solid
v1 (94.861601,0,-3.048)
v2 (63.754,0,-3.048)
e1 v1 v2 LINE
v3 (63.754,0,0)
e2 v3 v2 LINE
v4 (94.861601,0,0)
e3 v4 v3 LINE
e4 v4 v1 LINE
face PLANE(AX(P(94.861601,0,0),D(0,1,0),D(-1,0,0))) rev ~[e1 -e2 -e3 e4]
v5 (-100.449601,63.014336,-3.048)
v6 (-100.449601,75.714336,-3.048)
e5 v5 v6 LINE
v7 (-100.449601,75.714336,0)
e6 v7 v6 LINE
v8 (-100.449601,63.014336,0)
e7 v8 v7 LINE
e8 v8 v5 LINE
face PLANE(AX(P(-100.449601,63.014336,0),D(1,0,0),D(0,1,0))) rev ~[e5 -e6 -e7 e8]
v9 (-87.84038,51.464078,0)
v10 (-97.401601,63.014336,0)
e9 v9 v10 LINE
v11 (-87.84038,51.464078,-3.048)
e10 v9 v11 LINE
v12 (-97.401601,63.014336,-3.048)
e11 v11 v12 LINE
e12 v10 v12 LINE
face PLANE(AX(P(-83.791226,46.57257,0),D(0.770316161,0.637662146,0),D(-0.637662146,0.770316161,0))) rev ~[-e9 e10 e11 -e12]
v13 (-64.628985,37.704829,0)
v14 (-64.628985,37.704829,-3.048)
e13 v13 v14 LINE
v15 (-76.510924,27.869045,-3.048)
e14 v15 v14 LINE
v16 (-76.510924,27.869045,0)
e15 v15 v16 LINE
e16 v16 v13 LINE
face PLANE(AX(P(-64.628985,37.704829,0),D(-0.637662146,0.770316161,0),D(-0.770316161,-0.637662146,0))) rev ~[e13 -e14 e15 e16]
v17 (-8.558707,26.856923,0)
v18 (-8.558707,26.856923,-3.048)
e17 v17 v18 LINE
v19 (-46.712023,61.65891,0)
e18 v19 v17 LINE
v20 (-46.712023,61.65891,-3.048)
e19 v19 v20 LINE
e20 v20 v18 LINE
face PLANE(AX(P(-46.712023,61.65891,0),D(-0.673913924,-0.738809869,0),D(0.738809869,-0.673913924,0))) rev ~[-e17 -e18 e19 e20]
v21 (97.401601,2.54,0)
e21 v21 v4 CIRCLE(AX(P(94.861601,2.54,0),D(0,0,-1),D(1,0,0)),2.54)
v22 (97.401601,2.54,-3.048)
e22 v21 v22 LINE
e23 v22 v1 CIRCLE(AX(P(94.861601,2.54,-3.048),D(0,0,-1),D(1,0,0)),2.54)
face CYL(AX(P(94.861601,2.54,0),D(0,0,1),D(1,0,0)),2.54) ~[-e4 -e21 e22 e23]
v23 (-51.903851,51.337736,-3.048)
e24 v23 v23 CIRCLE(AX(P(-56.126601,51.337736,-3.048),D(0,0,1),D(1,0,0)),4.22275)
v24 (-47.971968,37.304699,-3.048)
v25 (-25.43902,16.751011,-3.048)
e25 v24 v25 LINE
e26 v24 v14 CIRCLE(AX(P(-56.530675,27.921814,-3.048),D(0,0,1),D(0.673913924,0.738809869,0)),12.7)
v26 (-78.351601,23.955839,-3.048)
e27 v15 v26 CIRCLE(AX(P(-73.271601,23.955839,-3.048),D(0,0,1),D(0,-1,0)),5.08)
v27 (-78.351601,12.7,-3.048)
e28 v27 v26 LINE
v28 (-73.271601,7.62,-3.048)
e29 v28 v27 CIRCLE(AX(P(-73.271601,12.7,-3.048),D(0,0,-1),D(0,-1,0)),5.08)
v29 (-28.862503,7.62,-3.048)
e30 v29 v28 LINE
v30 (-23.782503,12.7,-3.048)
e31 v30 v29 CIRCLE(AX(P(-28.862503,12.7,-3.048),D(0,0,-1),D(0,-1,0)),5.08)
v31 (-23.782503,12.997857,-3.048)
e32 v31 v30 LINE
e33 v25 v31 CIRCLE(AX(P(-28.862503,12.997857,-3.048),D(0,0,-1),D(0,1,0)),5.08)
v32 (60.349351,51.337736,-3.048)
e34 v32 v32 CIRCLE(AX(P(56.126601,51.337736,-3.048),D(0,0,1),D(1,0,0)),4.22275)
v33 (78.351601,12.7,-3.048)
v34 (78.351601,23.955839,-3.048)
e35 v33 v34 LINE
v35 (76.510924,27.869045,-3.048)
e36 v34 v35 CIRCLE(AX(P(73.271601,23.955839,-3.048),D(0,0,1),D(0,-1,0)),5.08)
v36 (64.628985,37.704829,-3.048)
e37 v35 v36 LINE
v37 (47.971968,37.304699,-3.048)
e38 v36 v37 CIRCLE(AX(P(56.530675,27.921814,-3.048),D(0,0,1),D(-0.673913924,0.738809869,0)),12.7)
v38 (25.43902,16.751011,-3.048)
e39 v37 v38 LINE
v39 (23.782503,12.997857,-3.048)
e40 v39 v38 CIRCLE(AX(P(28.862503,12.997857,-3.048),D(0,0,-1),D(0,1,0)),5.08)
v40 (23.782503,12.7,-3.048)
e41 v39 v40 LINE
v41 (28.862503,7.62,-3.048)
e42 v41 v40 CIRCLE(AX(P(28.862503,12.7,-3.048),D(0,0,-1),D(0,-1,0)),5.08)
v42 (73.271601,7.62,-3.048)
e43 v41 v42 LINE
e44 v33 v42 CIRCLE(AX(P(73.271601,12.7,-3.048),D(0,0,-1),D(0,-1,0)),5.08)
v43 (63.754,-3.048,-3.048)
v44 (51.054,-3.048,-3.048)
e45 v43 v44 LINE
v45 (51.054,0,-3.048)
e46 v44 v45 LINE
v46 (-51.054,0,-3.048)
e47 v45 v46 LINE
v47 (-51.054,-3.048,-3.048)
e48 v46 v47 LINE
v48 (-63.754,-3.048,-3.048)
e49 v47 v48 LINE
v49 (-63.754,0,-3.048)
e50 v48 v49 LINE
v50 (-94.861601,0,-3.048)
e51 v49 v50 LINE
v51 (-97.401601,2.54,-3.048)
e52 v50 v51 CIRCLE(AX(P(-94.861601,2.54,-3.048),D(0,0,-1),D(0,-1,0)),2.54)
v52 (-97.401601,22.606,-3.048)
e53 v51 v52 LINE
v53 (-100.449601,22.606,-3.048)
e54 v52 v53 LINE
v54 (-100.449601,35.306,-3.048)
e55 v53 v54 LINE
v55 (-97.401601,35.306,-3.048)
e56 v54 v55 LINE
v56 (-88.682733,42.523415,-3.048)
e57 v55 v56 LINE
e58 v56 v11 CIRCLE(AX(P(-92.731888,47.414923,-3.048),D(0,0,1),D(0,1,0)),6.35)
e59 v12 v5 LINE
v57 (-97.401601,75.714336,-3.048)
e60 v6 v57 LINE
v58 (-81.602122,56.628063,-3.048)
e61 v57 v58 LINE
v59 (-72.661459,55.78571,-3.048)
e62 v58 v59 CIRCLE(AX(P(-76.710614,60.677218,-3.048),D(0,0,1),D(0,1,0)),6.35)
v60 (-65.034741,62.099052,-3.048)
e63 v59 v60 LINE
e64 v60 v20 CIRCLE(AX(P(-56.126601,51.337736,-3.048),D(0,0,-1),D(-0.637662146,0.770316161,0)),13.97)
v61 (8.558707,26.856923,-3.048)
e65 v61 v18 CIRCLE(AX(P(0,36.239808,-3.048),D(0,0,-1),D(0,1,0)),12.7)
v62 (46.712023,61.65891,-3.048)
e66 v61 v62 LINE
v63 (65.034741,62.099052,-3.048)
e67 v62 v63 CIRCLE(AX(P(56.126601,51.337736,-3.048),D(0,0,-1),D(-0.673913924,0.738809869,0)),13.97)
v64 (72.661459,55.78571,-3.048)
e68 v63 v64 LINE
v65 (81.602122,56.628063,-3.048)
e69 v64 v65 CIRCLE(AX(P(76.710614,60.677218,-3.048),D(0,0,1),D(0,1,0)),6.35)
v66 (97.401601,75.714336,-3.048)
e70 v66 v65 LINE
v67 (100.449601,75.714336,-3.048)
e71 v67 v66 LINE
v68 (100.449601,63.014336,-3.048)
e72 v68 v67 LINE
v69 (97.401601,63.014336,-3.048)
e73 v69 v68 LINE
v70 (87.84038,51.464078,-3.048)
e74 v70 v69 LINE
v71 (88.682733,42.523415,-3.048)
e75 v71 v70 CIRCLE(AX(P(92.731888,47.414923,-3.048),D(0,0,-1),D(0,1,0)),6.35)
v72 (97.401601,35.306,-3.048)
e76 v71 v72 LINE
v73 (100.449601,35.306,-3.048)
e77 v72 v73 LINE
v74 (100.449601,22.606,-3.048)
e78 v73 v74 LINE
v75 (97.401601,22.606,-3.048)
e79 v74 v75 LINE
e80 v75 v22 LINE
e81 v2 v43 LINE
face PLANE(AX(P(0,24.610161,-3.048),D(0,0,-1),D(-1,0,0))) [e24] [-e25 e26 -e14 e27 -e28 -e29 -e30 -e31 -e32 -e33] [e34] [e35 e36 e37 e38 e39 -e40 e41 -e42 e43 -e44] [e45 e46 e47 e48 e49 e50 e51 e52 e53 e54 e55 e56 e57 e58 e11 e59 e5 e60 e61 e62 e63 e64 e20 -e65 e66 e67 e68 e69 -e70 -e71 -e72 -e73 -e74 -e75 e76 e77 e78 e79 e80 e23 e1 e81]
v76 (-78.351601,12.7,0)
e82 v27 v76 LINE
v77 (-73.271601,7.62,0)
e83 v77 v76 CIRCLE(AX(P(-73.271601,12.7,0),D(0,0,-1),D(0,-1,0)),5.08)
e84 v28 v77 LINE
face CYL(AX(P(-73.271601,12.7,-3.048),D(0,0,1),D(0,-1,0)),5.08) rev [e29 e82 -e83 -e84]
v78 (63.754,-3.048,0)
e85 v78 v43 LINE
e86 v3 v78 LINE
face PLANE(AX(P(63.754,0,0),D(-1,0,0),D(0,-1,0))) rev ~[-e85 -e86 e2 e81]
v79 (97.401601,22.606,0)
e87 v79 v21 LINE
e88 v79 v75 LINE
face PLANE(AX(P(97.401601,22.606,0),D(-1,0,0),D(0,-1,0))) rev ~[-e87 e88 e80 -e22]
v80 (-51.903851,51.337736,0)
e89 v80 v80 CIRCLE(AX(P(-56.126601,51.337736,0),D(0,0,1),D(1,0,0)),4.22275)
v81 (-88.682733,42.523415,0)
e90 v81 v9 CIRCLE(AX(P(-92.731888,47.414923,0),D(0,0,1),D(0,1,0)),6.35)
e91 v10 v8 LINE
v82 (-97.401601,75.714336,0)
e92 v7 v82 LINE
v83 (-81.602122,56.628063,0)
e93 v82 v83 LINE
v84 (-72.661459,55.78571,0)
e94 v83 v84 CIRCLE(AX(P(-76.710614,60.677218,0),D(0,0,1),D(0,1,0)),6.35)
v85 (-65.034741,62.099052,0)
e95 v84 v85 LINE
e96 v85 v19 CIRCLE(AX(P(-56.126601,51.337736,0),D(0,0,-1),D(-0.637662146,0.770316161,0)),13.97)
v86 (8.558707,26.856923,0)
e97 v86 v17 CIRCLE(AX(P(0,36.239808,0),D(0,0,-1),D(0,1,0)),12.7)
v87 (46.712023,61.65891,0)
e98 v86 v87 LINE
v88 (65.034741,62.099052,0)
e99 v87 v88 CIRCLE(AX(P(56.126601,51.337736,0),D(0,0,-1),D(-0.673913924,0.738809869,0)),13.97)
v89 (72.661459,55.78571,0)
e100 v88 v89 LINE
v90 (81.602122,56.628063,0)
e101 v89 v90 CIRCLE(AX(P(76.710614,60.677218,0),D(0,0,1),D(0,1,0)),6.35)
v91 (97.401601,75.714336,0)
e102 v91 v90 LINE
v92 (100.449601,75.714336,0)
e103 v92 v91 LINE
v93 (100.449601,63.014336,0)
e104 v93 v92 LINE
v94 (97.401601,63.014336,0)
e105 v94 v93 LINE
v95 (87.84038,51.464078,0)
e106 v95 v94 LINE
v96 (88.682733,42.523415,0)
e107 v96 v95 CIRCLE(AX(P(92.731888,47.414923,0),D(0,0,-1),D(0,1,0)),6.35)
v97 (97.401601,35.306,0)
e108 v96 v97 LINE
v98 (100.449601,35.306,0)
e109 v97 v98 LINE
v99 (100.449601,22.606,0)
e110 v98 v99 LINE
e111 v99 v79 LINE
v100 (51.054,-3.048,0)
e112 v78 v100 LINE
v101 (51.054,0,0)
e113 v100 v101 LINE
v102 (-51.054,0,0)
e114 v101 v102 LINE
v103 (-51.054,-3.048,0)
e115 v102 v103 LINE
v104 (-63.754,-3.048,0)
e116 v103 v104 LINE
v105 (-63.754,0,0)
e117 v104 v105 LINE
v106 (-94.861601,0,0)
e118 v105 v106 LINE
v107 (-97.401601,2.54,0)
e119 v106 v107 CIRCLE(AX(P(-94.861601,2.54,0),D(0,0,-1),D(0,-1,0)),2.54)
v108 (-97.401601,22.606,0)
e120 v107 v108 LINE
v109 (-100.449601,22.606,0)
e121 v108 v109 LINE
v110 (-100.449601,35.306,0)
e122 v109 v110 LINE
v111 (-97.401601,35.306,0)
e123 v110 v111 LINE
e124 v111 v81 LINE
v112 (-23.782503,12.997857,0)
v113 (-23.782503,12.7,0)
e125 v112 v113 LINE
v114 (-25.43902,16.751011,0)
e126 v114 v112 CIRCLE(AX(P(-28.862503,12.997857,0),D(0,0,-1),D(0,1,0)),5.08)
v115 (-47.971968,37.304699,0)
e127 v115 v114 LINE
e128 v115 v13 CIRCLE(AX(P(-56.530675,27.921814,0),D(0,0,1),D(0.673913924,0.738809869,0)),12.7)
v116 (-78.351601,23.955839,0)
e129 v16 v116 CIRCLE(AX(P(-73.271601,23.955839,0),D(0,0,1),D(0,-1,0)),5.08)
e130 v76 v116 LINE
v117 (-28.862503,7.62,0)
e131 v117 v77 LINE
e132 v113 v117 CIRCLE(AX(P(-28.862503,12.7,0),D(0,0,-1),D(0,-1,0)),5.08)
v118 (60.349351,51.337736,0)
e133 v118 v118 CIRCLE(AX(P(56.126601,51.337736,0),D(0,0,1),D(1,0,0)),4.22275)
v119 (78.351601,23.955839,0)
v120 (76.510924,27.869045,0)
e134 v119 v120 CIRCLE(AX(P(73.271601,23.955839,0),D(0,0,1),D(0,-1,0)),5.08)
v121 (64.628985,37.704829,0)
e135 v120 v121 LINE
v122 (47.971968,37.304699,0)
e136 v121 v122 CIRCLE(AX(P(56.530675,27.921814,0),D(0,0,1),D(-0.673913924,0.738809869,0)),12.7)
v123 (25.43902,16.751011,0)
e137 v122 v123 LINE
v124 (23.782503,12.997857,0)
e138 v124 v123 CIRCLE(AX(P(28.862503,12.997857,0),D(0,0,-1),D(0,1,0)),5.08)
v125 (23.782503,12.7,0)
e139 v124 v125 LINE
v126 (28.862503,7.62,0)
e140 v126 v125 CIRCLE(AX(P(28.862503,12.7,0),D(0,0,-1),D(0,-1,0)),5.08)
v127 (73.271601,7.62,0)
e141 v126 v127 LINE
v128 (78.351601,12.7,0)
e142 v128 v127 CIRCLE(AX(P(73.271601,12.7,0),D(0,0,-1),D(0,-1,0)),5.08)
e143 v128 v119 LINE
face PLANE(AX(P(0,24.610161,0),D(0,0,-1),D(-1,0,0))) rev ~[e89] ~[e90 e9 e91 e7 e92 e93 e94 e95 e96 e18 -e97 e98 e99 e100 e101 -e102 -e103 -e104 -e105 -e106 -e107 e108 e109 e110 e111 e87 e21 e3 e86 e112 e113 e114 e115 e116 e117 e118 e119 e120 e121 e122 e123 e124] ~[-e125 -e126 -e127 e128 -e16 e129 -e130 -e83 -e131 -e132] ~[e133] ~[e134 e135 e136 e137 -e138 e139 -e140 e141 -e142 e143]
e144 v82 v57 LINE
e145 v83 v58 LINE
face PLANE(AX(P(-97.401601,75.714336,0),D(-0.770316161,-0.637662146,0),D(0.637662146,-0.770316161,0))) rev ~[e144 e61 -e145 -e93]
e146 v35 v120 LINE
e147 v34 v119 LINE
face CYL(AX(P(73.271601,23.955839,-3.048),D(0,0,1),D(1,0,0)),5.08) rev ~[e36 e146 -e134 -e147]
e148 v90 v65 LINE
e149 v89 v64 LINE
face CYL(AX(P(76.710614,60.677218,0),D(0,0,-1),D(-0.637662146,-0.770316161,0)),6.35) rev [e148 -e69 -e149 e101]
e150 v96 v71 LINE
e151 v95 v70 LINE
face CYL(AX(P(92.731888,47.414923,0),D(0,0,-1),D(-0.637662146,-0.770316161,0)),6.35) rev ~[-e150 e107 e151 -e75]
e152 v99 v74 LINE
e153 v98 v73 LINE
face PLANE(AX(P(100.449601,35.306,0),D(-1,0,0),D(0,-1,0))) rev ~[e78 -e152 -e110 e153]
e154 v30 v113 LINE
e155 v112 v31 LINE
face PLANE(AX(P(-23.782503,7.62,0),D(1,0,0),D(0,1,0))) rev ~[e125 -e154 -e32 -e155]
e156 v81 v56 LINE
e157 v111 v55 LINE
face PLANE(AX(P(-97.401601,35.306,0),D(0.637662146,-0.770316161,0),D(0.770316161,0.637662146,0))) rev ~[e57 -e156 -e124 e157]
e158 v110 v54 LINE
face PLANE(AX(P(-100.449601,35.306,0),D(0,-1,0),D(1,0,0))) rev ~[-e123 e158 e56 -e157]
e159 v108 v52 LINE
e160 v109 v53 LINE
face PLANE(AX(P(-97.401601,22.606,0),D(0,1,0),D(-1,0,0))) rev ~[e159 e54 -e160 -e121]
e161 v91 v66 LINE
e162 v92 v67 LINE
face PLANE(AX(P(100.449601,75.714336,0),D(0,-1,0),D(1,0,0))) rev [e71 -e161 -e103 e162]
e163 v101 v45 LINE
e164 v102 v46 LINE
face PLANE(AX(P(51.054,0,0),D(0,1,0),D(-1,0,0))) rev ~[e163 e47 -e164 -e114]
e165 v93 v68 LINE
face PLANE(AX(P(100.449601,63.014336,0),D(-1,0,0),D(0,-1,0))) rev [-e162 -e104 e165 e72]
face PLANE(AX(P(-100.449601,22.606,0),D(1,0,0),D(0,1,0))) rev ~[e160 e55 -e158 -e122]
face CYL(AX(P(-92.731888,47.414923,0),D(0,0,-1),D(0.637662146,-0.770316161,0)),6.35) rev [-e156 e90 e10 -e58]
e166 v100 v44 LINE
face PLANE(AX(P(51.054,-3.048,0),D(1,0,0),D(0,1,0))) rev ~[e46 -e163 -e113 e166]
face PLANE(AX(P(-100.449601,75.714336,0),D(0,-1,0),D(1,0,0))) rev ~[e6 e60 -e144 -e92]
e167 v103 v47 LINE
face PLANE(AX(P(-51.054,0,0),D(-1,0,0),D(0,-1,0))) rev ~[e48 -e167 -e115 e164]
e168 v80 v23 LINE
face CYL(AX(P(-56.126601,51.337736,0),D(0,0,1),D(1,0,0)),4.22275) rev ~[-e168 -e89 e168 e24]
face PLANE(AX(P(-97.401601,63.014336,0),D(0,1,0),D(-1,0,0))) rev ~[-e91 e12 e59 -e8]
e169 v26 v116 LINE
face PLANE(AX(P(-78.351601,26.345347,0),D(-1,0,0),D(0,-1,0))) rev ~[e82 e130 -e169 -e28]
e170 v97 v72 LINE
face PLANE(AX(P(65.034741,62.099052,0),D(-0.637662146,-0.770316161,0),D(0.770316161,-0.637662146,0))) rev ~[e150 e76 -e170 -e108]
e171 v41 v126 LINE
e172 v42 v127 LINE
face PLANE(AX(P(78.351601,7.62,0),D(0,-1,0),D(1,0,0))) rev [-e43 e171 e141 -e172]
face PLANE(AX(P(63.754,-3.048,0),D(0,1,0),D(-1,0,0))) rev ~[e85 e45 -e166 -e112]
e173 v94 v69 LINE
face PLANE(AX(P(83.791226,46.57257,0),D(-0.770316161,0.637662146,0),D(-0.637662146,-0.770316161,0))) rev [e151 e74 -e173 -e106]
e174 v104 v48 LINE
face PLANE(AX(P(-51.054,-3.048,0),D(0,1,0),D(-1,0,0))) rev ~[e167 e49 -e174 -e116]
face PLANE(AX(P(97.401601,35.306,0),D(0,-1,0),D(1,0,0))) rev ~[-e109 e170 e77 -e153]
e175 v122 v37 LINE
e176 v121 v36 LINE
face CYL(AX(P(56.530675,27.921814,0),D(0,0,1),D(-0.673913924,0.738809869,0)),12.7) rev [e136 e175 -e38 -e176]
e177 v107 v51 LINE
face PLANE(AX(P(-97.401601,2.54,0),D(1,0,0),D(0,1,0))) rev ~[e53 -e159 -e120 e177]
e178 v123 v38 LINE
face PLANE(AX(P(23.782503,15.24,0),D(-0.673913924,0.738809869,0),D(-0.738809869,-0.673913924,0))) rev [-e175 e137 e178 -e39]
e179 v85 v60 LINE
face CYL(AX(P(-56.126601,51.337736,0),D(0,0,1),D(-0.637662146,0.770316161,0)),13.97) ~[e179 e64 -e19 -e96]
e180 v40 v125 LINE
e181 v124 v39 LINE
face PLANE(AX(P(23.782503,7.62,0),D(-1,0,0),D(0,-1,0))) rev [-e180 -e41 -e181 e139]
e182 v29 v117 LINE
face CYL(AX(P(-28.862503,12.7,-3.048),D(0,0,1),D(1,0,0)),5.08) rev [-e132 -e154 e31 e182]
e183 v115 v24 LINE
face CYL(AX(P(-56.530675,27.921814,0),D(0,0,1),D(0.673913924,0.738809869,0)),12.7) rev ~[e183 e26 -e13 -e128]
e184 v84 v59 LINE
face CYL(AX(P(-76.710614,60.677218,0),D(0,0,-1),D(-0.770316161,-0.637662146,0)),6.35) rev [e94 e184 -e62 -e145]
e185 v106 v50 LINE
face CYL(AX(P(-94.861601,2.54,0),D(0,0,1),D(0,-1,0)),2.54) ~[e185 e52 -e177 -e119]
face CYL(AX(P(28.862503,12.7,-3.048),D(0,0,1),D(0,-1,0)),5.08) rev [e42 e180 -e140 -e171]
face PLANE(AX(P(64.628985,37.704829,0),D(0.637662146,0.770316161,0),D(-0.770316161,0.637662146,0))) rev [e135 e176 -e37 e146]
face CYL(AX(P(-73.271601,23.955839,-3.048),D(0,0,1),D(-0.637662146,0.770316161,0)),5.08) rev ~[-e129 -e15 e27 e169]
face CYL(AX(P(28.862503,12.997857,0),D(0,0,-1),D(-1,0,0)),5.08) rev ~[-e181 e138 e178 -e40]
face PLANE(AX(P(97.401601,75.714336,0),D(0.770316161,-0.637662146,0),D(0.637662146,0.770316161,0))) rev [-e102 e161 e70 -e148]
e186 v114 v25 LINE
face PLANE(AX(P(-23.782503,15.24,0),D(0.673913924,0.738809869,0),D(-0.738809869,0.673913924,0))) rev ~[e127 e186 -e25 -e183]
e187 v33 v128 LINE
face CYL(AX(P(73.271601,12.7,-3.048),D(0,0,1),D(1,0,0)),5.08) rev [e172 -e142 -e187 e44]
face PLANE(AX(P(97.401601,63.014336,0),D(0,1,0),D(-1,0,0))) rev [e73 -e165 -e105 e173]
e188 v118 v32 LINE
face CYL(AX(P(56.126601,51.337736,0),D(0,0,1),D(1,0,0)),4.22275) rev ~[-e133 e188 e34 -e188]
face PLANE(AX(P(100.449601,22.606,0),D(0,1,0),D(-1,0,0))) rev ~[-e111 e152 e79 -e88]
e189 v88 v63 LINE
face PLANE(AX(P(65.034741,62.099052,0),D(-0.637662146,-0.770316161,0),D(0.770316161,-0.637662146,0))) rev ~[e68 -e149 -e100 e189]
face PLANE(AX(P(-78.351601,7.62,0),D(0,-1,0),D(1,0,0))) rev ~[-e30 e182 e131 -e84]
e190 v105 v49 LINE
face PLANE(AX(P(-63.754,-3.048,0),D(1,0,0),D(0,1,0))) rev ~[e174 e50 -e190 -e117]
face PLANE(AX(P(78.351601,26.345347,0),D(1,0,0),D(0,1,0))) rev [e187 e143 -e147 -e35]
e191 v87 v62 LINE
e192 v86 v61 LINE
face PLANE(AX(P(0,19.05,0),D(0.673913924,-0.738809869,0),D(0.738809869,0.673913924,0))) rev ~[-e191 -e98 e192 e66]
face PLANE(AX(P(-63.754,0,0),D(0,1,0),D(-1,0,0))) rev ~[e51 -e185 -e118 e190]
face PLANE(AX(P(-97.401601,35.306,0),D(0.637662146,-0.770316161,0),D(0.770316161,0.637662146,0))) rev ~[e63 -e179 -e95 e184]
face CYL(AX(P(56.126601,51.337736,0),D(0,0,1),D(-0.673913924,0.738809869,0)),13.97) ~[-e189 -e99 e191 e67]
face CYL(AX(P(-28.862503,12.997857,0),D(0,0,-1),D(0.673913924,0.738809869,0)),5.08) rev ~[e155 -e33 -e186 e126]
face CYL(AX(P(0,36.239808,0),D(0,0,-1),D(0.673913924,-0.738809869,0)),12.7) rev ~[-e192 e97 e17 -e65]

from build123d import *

# Parameters (mm, degrees)
SKETCH1_R            = 4.22275
BOSS_EXTRUDE1_DEPTH  = 3.048
FILLET1_R            = 12.7
CUT_EXTRUDE1_DEPTH   = 120.852046006
FILLET2_R            = 5.08
FILLET2_OF_MIRROR1_R = 5.08
BOSS_EXTRUDE2_DEPTH  = 3.048
FILLET4_R            = 6.35


with BuildPart() as part:
    # Sketch1 → Boss-Extrude1 (new body)
    with BuildSketch(Plane.XY):
        with BuildLine():
            Line((51.054, 0), (-51.054, 0))
            Line((-51.054, 0), (-51.054, -3.048))
            Line((-51.054, -3.048), (-63.754, -3.048))
            Line((-63.754, -3.048), (-63.754, 0))
            Line((-63.754, 0), (-94.861600757, 0))
            ThreePointArc((-94.861600757, 0), (-96.657651981, 0.743948776), (-97.401600757, 2.54))
            Line((-97.401600757, 2.54), (-97.401600757, 22.606))
            Line((-97.401600757, 22.606), (-100.449600757, 22.606))
            Line((-100.449600757, 22.606), (-100.449600757, 35.306))
            Line((-100.449600757, 35.306), (-97.401600757, 35.306))
            Line((-97.401600757, 35.306), (-65.034740931, 62.09905242))
            ThreePointArc((-65.034740931, 62.09905242), (-55.791114337, 65.303706753), (-46.712023238, 61.658909525))
            Line((-46.712023238, 61.658909525), (0, 19.05))
            Line((0, 19.05), (46.712023238, 61.658909525))
            ThreePointArc((46.712023238, 61.658909525), (55.791114337, 65.303706753), (65.034740931, 62.09905242))
            Line((65.034740931, 62.09905242), (97.401600757, 35.306))
            Line((97.401600757, 35.306), (100.449600757, 35.306))
            Line((100.449600757, 35.306), (100.449600757, 22.606))
            Line((100.449600757, 22.606), (97.401600757, 22.606))
            Line((97.401600757, 22.606), (97.401600757, 2.54))
            ThreePointArc((97.401600757, 2.54), (96.657651981, 0.743948776), (94.861600757, 0))
            Line((94.861600757, 0), (63.754, 0))
            Line((63.754, 0), (63.754, -3.048))
            Line((63.754, -3.048), (51.054, -3.048))
            Line((51.054, -3.048), (51.054, 0))
        make_face()
        with Locations((56.126600757, 51.33773565)):
            Circle(SKETCH1_R, mode=Mode.SUBTRACT)
        with Locations((-56.126600757, 51.33773565)):
            Circle(SKETCH1_R, mode=Mode.SUBTRACT)
    extrude(amount=-BOSS_EXTRUDE1_DEPTH)

    # Fillet1
    fillet1_edges = [part.edges().sort_by_distance(p)[0] for p in [
        (0, 19.05, -1.524),
    ]]
    fillet(fillet1_edges, radius=FILLET1_R)

    # Sketch3 → Cut-Extrude1 (cut, symmetric)
    with BuildSketch(Plane.XY):
        with BuildLine():
            Line((-64.628984538, 37.704829039), (-78.351600757, 26.345346603))
            Line((-78.351600757, 26.345346603), (-78.351600757, 7.62))
            Line((-78.351600757, 7.62), (-23.782503148, 7.62))
            Line((-23.782503148, 7.62), (-23.782503148, 15.24))
            Line((-23.782503148, 15.24), (-47.971968454, 37.304699134))
            ThreePointArc((-47.971968454, 37.304699134), (-56.225687634, 40.61815116), (-64.628984538, 37.704829039))
        make_face()
    cut_extrude1 = extrude(amount=CUT_EXTRUDE1_DEPTH, both=True, mode=Mode.SUBTRACT)

    # Fillet2
    fillet2_edges = [part.edges().sort_by_distance(p)[0] for p in [
        (-23.782503148, 15.24, -1.524),
        (-23.782503148, 7.62, -1.524),
        (-78.351600757, 7.62, -1.524),
        (-78.351600757, 26.345346603, -1.524),
    ]]
    fillet(fillet2_edges, radius=FILLET2_R)

    # Mirror1: Cut-Extrude1 across plane
    add(cut_extrude1.mirror(Plane(origin=(0, 0, 0), x_dir=(0, 0, 1), z_dir=(1, 0, 0))), mode=Mode.SUBTRACT)

    # Fillet2 of Mirror1
    fillet2_of_mirror1_edges = [part.edges().sort_by_distance(p)[0] for p in [
        (23.782503148, 15.24, -1.524),
        (23.782503148, 7.62, -1.524),
        (78.351600757, 7.62, -1.524),
        (78.351600757, 26.345346603, -1.524),
    ]]
    fillet(fillet2_of_mirror1_edges, radius=FILLET2_OF_MIRROR1_R)

    # Sketch4 → Boss-Extrude2 (add)
    with BuildSketch(Plane.XY):
        Polygon((-97.401600757, 75.714336407), (-77.552967075, 51.736555375), (-83.791225568, 46.572570123), (-97.401600757, 63.014336407), (-100.449600757, 63.014336407), (-100.449600757, 75.714336407), align=None)
    boss_extrude2 = extrude(amount=-BOSS_EXTRUDE2_DEPTH)

    # Mirror3: Boss-Extrude2 across plane
    add(boss_extrude2.mirror(Plane(origin=(0, 0, 0), x_dir=(0, 0, 1), z_dir=(1, 0, 0))))

    # Fillet4
    fillet4_edges = [part.edges().sort_by_distance(p)[0] for p in [
        (-77.552967075, 51.736555375, -1.524),
        (-83.791225568, 46.572570123, -1.524),
        (77.552967075, 51.736555375, -1.524),
        (83.791225568, 46.572570123, -1.524),
    ]]
    fillet(fillet4_edges, radius=FILLET4_R)


solid = part.part
